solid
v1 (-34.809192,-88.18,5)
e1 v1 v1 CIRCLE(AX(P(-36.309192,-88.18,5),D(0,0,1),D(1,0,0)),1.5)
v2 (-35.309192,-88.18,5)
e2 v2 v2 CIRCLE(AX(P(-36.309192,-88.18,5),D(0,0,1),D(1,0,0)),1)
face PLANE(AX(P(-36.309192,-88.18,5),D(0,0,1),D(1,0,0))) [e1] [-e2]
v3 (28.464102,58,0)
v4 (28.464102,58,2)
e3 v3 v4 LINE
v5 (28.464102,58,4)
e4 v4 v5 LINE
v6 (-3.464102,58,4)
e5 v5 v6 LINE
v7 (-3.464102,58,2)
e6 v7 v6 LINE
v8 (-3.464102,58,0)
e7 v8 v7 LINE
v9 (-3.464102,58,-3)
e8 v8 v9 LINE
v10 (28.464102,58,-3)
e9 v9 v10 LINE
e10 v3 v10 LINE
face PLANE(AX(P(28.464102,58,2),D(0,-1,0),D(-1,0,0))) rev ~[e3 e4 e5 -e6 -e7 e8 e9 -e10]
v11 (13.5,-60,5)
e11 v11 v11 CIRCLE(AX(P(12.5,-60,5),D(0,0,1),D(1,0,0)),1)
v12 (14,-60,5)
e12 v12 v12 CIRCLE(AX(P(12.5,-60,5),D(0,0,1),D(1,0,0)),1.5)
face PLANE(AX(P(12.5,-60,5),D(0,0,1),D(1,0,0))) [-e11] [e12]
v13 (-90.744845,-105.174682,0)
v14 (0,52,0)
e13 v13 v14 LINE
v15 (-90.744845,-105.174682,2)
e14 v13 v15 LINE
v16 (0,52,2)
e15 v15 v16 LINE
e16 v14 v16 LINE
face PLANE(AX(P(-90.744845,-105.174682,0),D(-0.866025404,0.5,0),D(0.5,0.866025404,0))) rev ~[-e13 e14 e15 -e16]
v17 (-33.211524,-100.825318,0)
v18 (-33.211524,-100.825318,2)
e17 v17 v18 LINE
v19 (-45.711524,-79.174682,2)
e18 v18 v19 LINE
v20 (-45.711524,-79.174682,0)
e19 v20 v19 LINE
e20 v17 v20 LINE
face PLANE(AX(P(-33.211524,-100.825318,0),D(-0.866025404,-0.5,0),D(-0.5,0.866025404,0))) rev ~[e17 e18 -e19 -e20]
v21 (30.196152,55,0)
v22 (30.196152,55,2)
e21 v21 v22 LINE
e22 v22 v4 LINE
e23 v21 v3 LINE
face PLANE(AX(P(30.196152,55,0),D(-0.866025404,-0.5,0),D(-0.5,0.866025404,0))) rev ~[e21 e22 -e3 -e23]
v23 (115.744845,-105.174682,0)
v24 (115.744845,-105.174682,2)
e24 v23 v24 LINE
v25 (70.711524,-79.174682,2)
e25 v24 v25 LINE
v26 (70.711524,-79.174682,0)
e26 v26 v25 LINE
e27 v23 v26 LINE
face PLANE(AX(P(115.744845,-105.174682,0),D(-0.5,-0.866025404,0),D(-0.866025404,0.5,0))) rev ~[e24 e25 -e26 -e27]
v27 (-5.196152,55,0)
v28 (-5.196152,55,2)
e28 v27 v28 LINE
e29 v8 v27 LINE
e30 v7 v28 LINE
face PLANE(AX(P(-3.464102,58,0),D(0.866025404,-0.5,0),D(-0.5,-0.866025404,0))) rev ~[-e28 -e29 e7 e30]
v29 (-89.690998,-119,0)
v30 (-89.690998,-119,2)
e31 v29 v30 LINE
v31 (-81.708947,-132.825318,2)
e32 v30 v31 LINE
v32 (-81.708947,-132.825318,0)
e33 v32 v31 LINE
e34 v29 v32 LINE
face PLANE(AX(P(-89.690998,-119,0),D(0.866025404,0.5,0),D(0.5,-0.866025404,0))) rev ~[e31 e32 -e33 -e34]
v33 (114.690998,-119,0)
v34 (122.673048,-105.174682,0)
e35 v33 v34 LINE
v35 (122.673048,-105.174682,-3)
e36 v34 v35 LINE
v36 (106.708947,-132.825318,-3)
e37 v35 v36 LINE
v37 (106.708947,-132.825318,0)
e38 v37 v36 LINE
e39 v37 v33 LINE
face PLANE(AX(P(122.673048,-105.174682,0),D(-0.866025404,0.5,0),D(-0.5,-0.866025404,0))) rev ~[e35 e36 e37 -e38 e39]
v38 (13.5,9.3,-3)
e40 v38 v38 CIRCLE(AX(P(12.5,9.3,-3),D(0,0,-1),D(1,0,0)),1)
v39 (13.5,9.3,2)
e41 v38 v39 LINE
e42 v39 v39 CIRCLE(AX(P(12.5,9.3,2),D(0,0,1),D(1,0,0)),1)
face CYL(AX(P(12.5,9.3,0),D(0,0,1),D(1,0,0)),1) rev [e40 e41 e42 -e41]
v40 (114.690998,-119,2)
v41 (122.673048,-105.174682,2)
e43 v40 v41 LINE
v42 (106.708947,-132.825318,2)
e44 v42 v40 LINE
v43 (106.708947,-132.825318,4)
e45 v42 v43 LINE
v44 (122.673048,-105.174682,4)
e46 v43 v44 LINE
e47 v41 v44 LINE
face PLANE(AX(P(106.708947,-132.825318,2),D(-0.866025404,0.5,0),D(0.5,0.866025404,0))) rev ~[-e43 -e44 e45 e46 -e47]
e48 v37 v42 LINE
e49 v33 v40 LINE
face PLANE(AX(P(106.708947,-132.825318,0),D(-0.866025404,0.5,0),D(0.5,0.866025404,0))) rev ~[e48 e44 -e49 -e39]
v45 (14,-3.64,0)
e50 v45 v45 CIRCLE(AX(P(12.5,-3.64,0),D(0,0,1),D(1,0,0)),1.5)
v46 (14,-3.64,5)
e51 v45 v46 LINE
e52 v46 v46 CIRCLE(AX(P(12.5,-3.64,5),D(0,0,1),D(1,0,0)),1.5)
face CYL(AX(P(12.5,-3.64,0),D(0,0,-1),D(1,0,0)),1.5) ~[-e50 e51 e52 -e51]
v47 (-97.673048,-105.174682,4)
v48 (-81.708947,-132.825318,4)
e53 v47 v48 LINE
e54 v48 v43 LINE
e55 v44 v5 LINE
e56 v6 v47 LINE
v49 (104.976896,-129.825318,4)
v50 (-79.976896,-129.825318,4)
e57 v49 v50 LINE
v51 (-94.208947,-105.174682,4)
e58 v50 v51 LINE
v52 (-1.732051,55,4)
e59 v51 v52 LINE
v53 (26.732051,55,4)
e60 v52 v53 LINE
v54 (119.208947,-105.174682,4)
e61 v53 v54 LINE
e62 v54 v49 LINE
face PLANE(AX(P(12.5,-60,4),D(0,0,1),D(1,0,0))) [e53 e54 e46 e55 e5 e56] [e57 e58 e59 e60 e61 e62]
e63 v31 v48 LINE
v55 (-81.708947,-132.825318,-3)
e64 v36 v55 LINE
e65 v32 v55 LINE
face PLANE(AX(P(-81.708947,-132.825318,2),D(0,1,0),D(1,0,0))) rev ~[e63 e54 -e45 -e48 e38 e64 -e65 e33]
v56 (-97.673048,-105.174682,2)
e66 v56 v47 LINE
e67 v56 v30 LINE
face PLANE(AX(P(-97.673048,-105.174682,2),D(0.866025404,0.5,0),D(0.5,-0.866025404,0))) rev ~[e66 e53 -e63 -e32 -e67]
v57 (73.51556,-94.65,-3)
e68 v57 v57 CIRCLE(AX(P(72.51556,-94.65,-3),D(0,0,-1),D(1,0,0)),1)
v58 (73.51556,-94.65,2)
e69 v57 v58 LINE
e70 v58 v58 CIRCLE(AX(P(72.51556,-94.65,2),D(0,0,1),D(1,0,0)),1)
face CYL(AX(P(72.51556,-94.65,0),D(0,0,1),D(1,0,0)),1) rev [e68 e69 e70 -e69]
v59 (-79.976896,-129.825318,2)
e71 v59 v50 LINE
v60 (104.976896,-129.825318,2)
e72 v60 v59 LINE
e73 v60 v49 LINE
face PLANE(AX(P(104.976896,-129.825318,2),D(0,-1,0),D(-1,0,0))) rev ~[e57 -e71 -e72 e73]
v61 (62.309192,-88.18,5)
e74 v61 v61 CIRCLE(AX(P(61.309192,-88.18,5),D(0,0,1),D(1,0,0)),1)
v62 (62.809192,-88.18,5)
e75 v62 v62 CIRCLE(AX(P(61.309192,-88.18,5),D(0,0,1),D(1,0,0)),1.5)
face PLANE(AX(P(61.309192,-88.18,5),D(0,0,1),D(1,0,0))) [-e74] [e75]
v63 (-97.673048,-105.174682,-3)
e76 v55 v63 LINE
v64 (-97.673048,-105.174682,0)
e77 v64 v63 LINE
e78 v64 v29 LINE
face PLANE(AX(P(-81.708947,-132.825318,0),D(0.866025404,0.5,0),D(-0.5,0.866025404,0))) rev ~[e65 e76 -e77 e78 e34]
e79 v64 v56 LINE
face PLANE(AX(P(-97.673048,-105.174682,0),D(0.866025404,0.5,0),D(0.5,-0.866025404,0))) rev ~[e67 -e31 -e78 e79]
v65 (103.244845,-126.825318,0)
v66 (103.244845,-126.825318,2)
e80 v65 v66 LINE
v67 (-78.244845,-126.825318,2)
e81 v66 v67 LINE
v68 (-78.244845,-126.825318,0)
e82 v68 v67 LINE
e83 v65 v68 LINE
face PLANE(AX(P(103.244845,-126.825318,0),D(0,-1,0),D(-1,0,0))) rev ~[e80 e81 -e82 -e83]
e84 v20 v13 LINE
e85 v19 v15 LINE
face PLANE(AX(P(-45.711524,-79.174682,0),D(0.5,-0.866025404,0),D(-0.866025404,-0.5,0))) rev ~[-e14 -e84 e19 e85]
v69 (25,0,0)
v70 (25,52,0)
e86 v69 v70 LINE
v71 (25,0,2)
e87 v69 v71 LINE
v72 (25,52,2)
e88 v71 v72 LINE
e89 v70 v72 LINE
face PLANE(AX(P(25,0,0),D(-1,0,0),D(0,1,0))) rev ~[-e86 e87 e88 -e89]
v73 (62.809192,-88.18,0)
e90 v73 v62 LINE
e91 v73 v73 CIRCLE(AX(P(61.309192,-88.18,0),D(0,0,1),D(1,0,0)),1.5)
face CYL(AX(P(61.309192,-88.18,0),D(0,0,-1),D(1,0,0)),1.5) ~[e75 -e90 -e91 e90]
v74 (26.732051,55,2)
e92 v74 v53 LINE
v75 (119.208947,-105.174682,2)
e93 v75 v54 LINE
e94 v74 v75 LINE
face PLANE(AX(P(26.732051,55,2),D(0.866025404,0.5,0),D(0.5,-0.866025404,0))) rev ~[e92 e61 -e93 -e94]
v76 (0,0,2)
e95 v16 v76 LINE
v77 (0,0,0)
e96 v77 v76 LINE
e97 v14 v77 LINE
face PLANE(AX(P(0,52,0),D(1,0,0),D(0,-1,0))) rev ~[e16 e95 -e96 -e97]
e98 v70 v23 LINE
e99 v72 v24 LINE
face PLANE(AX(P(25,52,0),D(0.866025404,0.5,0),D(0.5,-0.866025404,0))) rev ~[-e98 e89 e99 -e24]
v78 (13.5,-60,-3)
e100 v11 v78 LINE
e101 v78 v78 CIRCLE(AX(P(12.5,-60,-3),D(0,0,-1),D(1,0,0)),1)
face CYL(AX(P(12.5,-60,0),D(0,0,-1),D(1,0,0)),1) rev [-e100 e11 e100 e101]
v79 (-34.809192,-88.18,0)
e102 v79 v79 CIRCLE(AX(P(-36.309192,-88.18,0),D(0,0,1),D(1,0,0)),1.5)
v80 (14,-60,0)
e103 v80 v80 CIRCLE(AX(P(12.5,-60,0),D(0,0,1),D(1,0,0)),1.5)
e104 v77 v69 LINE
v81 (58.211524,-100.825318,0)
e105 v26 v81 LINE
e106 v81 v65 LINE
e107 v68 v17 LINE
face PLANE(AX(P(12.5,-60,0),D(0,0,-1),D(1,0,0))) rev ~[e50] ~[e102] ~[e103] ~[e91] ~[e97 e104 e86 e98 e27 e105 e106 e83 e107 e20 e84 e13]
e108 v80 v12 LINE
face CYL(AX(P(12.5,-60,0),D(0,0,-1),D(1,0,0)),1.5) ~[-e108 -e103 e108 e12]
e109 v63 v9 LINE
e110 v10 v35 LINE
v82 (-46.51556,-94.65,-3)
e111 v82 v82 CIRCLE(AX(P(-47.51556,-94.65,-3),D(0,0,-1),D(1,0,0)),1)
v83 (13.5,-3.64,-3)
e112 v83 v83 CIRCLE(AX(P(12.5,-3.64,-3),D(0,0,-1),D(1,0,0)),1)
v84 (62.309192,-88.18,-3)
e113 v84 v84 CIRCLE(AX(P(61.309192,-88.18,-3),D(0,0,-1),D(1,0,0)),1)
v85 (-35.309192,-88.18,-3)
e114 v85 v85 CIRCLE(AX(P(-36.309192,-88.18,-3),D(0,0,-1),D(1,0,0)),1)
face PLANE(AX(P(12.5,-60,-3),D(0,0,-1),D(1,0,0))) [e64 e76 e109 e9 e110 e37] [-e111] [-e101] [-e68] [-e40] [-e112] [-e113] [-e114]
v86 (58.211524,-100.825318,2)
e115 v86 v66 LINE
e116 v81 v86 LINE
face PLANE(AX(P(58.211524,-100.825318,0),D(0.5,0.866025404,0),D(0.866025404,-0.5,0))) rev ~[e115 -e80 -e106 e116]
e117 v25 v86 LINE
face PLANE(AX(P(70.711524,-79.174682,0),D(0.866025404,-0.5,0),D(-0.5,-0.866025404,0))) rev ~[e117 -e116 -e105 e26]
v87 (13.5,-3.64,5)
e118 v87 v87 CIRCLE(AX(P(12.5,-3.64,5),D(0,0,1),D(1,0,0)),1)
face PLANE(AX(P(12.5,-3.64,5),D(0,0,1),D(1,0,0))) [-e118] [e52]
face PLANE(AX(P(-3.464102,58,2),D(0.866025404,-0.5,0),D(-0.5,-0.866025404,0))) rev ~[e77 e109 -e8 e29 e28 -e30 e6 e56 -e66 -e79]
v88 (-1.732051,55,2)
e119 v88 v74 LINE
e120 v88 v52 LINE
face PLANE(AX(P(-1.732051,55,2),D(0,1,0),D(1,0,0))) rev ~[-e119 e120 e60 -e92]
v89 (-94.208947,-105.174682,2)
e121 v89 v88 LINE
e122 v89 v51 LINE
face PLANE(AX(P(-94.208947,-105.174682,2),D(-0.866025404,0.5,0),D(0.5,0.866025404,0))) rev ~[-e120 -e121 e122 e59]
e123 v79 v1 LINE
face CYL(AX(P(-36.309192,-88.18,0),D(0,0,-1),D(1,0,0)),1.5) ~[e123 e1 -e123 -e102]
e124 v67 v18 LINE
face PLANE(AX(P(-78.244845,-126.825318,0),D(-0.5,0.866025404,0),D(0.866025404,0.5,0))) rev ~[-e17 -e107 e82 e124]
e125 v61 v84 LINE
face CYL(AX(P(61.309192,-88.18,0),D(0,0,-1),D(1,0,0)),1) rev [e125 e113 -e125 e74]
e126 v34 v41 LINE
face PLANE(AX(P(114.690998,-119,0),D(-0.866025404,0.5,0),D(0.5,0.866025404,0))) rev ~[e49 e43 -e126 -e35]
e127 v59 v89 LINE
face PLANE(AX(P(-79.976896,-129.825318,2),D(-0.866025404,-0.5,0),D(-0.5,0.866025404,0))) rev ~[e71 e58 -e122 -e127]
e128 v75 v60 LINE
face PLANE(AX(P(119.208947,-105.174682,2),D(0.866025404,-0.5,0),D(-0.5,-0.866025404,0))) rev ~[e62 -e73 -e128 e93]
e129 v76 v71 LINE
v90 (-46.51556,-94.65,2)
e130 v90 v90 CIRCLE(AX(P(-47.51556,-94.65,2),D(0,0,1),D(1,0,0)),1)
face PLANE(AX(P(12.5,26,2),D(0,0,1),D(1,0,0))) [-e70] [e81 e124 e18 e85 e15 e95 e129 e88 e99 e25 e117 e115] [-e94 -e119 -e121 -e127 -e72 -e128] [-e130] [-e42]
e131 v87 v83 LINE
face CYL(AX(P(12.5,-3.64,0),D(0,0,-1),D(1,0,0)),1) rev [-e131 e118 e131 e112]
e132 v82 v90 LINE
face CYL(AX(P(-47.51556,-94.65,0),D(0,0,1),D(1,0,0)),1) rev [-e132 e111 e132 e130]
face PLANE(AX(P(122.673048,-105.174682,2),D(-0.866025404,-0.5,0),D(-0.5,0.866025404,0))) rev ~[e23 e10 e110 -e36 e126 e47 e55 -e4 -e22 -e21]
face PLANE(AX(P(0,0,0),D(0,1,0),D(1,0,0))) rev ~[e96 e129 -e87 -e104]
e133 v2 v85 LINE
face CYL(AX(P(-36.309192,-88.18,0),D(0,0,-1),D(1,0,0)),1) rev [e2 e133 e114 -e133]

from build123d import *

# Parameters (mm, degrees)
F0_R     = 1
F1_DEPTH = 2
F2_R     = 1
F3_DEPTH = 3
F4_R     = 1.5
F4_R_2   = 1
F5_DEPTH = 5
F7_DEPTH = 2


with BuildPart() as f1:
    # F0 (on Top) → F1 (new body)
    with BuildSketch(Plane.XY):
        Polygon((0, 52), (0, 0), (25, 0), (25, 52), (12.5, 52), align=None)
        with Locations((12.5, 9.3)):
            Circle(F0_R, mode=Mode.SUBTRACT)
        Polygon((109.4948452239, -116), (115.7448452239, -105.1746824527), (70.7115242271, -79.1746824527), (64.4615242271, -90), (58.2115242271, -100.8253175473), (103.2448452239, -126.8253175473), align=None)
        with Locations((72.5155604823, -94.65)):
            Circle(F0_R, mode=Mode.SUBTRACT)
        Polygon((-90.7448452239, -105.1746824527), (0, 52), (12.5, 52), (12.5, 58), (-3.4641016151, 58), (-5.1961524227, 55), (-50.5685750346, -23.5873412263), (-97.6730484541, -105.1746824527), (-89.6909976466, -119), (-84.4948452239, -116), align=None)
        Polygon((12.5, 52), (25, 52), (115.7448452239, -105.1746824527), (109.4948452239, -116), (114.6909976466, -119), (122.6730484541, -105.1746824527), (75.5685750346, -23.5873412263), (30.1961524227, 55), (28.4641016151, 58), (12.5, 58), align=None)
        Polygon((-45.7115242271, -79.1746824527), (-90.7448452239, -105.1746824527), (-84.4948452239, -116), (-78.2448452239, -126.8253175473), (-33.2115242271, -100.8253175473), (-39.4615242271, -90), align=None)
        with Locations((-47.5155604823, -94.65)):
            Circle(F0_R, mode=Mode.SUBTRACT)
        Polygon((-78.2448452239, -126.8253175473), (-84.4948452239, -116), (-89.6909976466, -119), (-81.708946839, -132.8253175473), (12.5, -132.8253175473), (106.708946839, -132.8253175473), (114.6909976466, -119), (109.4948452239, -116), (103.2448452239, -126.8253175473), align=None)
    extrude(amount=F1_DEPTH)

    # F2 (on face) → F3 (join)
    with BuildSketch(Plane(origin=(0, 0, 0), x_dir=(1, 0, 0), z_dir=(0, 0, -1))):
        Polygon((-3.4641016151, -58), (28.4641016151, -58), (122.6730484541, 105.1746824527), (106.708946839, 132.8253175473), (-81.708946839, 132.8253175473), (-97.6730484541, 105.1746824527), align=None)
        with Locations((12.5, -9.3)):
            Circle(F2_R, mode=Mode.SUBTRACT)
        Polygon((25, 0), (0, 0), (0, -52), (-90.7448452239, 105.1746824527), (-45.7115242271, 79.1746824527), (-33.2115242271, 100.8253175473), (-78.2448452239, 126.8253175473), (103.2448452239, 126.8253175473), (58.2115242271, 100.8253175473), (70.7115242271, 79.1746824527), (115.7448452239, 105.1746824527), (25, -52), align=None, mode=Mode.SUBTRACT)
        with Locations((-47.5155604823, 94.65)):
            Circle(F2_R, mode=Mode.SUBTRACT)
        with Locations((72.5155604823, 94.65)):
            Circle(F2_R, mode=Mode.SUBTRACT)
        Polygon((0, -52), (0, 0), (25, 0), (25, -52), (115.7448452239, 105.1746824527), (70.7115242271, 79.1746824527), (58.2115242271, 100.8253175473), (103.2448452239, 126.8253175473), (-78.2448452239, 126.8253175473), (-33.2115242271, 100.8253175473), (-45.7115242271, 79.1746824527), (-90.7448452239, 105.1746824527), align=None)
        with Locations((12.5, 3.64)):
            Circle(F2_R, mode=Mode.SUBTRACT)
        with Locations((12.5, 60)):
            Circle(F2_R, mode=Mode.SUBTRACT)
        with Locations((-36.3091917573, 88.18)):
            Circle(F2_R, mode=Mode.SUBTRACT)
        with Locations((61.3091917573, 88.18)):
            Circle(F2_R, mode=Mode.SUBTRACT)
    extrude(amount=F3_DEPTH)

    # F4 (on face) → F5 (join)
    with BuildSketch(Plane.XY):
        with Locations((-36.3091917573, -88.18)):
            Circle(F4_R)
        with Locations((-36.3091917573, -88.18)):
            Circle(F4_R_2, mode=Mode.SUBTRACT)
        with Locations((61.3091917573, -88.18)):
            Circle(F4_R)
        with Locations((61.3091917573, -88.18)):
            Circle(F4_R_2, mode=Mode.SUBTRACT)
        with Locations((12.5, -60)):
            Circle(F4_R)
        with Locations((12.5, -60)):
            Circle(F4_R_2, mode=Mode.SUBTRACT)
        with Locations((12.5, -3.64)):
            Circle(F4_R)
        with Locations((12.5, -3.64)):
            Circle(F4_R_2, mode=Mode.SUBTRACT)
    extrude(amount=F5_DEPTH)

    # F6 (on face) → F7 (join)
    with BuildSketch(Plane.XY.offset(2)):
        Polygon((106.708946839, -132.8253175473), (122.6730484541, -105.1746824527), (28.4641016151, 58), (-3.4641016151, 58), (-97.6730484541, -105.1746824527), (-81.708946839, -132.8253175473), align=None)
        Polygon((-94.208946839, -105.1746824527), (-47.9704988233, -25.0873412263), (-1.7320508076, 55), (12.5, 55), (26.7320508076, 55), (72.9704988233, -25.0873412263), (119.208946839, -105.1746824527), (112.0929214352, -117.5), (104.9768960314, -129.8253175473), (12.5, -129.8253175473), (-79.9768960314, -129.8253175473), (-87.0929214352, -117.5), align=None, mode=Mode.SUBTRACT)
    extrude(amount=F7_DEPTH)


solid = f1.part
